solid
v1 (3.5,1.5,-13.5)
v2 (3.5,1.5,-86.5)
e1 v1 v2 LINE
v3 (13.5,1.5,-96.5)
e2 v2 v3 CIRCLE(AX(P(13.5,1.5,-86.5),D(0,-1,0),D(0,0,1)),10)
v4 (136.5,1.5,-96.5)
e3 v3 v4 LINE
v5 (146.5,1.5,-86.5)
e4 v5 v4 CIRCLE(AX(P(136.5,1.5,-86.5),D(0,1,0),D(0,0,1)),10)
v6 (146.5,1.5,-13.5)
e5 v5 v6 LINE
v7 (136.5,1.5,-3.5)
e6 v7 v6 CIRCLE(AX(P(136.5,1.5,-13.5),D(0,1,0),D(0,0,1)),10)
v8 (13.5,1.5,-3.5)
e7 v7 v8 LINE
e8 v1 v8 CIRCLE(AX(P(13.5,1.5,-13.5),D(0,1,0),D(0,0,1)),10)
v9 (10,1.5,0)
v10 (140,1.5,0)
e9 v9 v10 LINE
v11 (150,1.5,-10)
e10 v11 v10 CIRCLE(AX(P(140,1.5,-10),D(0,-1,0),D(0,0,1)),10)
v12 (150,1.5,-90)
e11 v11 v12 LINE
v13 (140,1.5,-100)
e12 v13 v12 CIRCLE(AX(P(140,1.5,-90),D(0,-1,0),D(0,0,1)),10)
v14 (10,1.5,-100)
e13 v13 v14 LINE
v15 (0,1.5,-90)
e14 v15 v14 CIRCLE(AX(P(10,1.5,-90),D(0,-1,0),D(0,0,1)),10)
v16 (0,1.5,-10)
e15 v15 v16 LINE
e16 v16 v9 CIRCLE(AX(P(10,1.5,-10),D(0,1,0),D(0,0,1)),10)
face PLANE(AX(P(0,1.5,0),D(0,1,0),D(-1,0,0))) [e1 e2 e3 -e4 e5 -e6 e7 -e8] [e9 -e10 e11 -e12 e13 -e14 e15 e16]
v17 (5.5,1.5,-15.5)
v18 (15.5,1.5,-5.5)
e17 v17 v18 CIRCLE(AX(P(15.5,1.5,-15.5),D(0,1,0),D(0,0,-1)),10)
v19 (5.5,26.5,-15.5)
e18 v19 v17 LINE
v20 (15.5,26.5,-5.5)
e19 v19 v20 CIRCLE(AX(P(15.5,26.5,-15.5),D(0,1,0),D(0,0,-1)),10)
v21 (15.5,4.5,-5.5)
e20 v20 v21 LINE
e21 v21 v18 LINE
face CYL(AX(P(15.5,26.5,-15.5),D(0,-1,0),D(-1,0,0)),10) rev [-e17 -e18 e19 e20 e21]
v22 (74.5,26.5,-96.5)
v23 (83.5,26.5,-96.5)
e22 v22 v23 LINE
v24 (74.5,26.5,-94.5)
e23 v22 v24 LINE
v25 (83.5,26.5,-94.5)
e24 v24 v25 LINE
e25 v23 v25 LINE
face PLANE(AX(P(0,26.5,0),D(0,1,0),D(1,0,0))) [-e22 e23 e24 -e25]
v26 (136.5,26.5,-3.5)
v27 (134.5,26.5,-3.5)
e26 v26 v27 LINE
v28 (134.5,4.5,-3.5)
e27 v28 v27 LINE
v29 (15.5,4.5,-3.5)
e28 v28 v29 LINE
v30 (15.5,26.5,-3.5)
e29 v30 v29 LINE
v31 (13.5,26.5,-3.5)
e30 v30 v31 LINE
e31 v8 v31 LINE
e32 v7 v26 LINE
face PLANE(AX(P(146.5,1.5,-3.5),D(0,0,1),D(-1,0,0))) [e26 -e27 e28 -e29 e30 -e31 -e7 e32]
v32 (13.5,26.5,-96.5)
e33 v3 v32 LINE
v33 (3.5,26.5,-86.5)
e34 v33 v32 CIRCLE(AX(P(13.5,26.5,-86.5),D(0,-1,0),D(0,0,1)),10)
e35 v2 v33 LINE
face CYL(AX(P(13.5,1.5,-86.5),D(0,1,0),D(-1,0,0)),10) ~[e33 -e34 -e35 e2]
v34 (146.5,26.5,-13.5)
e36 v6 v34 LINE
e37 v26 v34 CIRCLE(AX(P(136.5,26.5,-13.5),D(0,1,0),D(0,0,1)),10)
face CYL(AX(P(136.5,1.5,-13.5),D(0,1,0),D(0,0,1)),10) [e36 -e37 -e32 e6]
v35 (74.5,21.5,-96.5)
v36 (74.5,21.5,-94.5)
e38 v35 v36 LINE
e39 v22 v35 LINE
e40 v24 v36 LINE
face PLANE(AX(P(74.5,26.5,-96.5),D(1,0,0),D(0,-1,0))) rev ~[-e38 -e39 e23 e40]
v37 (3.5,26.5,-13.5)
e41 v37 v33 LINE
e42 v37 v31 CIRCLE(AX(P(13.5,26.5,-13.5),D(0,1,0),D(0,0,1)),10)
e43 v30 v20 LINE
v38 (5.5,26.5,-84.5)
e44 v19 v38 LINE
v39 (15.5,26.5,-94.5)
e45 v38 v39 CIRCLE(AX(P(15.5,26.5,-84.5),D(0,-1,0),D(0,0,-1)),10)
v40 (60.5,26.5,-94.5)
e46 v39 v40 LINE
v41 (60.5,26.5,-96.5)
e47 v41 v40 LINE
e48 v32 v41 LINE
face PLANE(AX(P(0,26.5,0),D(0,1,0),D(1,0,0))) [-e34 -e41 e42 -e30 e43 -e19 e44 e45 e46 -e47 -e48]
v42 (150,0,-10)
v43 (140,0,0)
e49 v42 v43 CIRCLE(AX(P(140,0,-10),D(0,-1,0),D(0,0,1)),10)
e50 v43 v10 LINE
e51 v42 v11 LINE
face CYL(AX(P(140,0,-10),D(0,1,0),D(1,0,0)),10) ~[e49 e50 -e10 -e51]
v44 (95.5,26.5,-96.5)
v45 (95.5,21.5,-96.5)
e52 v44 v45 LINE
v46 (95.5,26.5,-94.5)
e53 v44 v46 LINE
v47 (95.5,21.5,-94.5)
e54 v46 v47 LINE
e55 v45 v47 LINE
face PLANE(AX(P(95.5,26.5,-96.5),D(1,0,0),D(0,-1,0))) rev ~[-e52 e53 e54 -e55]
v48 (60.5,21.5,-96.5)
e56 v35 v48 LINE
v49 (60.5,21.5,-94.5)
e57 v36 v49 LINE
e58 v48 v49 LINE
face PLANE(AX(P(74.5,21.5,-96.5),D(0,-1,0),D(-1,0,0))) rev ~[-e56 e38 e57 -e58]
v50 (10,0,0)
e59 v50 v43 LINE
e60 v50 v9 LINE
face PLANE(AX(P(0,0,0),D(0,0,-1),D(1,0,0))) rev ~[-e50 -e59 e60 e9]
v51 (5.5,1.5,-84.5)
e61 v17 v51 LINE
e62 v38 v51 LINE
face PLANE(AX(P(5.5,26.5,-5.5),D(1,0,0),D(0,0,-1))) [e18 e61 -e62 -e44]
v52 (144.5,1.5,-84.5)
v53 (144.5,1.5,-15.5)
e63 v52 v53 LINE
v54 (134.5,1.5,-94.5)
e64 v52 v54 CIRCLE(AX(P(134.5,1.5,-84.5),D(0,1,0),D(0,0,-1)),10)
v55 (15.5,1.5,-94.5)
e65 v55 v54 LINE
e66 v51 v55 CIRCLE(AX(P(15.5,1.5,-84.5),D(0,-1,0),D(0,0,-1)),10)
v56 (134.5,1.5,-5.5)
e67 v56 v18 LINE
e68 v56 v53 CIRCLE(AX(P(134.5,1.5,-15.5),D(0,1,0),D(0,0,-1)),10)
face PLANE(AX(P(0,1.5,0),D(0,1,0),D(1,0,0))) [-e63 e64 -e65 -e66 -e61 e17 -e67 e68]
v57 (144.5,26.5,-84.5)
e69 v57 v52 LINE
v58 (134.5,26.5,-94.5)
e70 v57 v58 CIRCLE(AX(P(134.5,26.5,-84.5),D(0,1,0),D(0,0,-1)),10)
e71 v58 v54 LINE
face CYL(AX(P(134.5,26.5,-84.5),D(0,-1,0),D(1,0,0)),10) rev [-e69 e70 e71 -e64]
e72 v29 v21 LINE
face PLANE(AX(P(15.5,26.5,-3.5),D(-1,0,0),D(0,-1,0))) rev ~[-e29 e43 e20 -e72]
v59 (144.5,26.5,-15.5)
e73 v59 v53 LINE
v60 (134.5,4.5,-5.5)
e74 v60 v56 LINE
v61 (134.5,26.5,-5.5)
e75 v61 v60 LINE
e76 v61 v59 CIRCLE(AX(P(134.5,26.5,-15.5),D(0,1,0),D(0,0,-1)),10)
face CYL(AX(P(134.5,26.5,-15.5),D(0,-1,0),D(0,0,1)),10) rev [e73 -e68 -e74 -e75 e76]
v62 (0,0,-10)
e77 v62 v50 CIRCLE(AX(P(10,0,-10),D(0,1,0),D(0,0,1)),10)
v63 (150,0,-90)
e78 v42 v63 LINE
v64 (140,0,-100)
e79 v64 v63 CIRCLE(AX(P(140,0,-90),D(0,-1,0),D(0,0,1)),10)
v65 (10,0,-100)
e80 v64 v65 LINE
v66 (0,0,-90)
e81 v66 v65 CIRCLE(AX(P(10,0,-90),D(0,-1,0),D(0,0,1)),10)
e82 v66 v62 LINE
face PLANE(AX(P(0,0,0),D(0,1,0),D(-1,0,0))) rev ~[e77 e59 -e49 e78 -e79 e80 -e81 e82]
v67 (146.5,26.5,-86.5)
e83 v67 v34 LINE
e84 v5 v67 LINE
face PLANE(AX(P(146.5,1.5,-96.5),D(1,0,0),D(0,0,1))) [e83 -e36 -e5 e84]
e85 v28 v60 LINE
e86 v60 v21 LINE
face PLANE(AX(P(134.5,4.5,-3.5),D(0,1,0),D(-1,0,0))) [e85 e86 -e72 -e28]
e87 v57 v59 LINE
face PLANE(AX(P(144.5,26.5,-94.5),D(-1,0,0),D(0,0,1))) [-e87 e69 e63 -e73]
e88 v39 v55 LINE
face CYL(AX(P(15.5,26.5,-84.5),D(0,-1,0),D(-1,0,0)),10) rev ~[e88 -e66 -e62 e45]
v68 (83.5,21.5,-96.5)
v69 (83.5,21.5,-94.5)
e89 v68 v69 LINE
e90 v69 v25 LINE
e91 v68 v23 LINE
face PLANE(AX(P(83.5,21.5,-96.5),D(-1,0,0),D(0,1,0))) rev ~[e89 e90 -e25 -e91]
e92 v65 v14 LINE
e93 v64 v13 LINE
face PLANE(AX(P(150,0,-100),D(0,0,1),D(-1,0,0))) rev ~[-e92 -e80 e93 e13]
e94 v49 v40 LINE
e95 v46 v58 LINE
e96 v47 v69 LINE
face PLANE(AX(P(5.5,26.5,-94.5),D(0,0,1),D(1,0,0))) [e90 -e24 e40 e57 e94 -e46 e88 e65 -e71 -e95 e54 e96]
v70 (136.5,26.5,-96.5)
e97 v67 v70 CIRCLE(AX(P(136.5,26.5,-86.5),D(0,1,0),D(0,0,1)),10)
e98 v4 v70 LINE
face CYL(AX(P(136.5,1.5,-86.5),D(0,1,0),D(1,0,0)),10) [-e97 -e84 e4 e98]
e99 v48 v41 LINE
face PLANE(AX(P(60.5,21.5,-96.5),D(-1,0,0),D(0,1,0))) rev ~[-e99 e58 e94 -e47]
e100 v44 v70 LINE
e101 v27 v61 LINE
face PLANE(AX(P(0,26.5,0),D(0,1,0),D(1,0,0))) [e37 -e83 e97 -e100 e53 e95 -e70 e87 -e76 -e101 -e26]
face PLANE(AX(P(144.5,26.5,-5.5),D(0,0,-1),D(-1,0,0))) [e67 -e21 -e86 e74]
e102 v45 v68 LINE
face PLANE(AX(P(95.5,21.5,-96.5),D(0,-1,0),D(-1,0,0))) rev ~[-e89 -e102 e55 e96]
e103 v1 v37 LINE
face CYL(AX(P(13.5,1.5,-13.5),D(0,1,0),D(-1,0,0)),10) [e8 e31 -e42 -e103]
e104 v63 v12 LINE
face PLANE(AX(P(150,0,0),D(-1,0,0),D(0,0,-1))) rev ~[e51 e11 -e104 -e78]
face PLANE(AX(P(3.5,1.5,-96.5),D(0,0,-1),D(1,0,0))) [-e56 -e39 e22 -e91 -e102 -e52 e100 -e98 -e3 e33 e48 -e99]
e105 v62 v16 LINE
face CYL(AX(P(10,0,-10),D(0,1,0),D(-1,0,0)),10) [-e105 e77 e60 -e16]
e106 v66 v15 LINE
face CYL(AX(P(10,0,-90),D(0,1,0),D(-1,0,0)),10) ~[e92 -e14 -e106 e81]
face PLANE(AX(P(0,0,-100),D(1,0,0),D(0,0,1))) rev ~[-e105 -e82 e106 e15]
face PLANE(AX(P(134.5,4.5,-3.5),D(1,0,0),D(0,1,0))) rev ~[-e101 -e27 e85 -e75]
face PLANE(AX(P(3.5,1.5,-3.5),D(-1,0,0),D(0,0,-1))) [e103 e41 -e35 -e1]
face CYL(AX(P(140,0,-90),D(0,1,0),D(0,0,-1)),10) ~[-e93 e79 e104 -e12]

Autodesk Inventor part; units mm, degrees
ref_plane "YZ Plane" through (0, 0, 0) normal (1, 0, 0) x (0, 1, 0)
ref_plane "XZ Plane" through (0, 0, 0) normal (0, 1, 0) x (-1, 0, 0)
ref_plane "XY Plane" through (0, 0, 0) normal (0, 0, 1) x (1, 0, 0)
sketch "Náčrt1" plane through (0, 0, 0) normal (0, 1, 0) x (-1, 0, 0)
  line L0 (0, 0) -> (-150, 0)
  line L1 (-150, 0) -> (-150, -100)
  line L2 (-150, -100) -> (0, -100)
  line L3 (0, -100) -> (0, 0)
  dimension "d0" = 150
  dimension "d1" = 100
extrude "Vysunutí1" add sketch "Náčrt1" along normal blind 1.5
fillet "Zaoblení1" radius 10 4 edges at (150, 0.75, -100) (150, 0.75, 0) (0, 0.75, 0) (0, 0.75, -100)
sketch "Náčrt3" plane through (0, 1.5, 0) normal (0, 1, 0) x (1, 0, 0)
  line L0 (3.5, 96.5) -> (146.5, 96.5)
  line L1 (146.5, 96.5) -> (146.5, 3.5)
  line L2 (146.5, 3.5) -> (3.5, 3.5)
  line L3 (3.5, 3.5) -> (3.5, 96.5)
  line L4 (0, 90) -> (0, 10) projected
  line L5 (10, 0) -> (140, 0) projected
  point P0 (0, 0)
  dimension "d11" = 3.5
  dimension "d12" = 3.5
  dimension "d13" = 93
  dimension "d14" = 143
extrude "Vysunutí3" add sketch "Náčrt3" along normal blind 25
sketch "Náčrt4" plane through (0, 26.5, 0) normal (0, 1, 0) x (1, 0, 0)
  line L0 (3.5, 96.5) -> (3.5, 3.5) projected
  line L1 (5.5, 94.5) -> (144.5, 94.5)
  line L2 (144.5, 94.5) -> (144.5, 5.5)
  line L3 (144.5, 5.5) -> (5.5, 5.5)
  line L4 (5.5, 5.5) -> (5.5, 94.5)
  line L5 (3.5, 3.5) -> (146.5, 3.5) projected
  point P0 (0, 0)
  point P1 (3.5, 13.5)
  point P2 (13.5, 3.5)
  point P3 (136.5, 3.5)
  dimension "d19" = 2
  dimension "d20" = 2
  dimension "d21" = 139
  dimension "d22" = 89
extrude "Vysunutí4" cut sketch "Náčrt4" against normal blind 25
fillet "Zaoblení3" radius 10 8 edges at (144.5, 14, -94.5) (5.5, 14, -94.5) (5.5, 14, -5.5) (144.5, 14, -5.5) (3.5, 14, -96.5) (3.5, 14, -3.5) (146.5, 14, -96.5) (146.5, 14, -3.5)
sketch "Náčrt5" plane through (13.5, 1.5, -3.5) normal (0, 0, 1) x (1, 0, 0)
  line L0 (121, 25) -> (2, 25) projected
  line L1 (133, 0) -> (133, 25) projected
  line L2 (-10, 25) -> (-10, 0) projected
  line L3 (121, 0) -> (121, 25) projected
  line L4 (2, 25) -> (2, 0) projected
  line L5 (121, 3) -> (2, 3)
  line L6 (2, 3) -> (2, 25)
  line L7 (2, 25) -> (121, 25)
  line L8 (121, 25) -> (121, 3)
  point P0 (-13.5, -1.5)
extrude "Vysunutí5" cut sketch "Náčrt5" against normal blind 2
sketch "Náčrt6" plane through (136.5, 1.5, -96.5) normal (0, 0, -1) x (-1, 0, 0)
  line L0 (121, 25) -> (2, 25) projected
  line L1 (76, 25) -> (62, 25)
  line L2 (62, 25) -> (62, 20)
  line L3 (62, 20) -> (76, 20)
  line L4 (76, 20) -> (76, 25)
  line L5 (53, 25) -> (41, 25)
  line L6 (41, 25) -> (41, 20)
  line L7 (41, 20) -> (53, 20)
  line L8 (53, 20) -> (53, 25)
  line L9 (123, 25) -> (123, 0) projected
  line L10 (0, 0) -> (0, 25) projected
  point P0 (136.5, -1.5)
  point P1 (41, 25)
  dimension "d30" = 47
  dimension "d31" = 61
  dimension "d32" = 41
  dimension "d33" = 53
  dimension "d34" = 5
extrude "Vysunutí6" cut sketch "Náčrt6" against normal blind 2
properties part number "víko"
